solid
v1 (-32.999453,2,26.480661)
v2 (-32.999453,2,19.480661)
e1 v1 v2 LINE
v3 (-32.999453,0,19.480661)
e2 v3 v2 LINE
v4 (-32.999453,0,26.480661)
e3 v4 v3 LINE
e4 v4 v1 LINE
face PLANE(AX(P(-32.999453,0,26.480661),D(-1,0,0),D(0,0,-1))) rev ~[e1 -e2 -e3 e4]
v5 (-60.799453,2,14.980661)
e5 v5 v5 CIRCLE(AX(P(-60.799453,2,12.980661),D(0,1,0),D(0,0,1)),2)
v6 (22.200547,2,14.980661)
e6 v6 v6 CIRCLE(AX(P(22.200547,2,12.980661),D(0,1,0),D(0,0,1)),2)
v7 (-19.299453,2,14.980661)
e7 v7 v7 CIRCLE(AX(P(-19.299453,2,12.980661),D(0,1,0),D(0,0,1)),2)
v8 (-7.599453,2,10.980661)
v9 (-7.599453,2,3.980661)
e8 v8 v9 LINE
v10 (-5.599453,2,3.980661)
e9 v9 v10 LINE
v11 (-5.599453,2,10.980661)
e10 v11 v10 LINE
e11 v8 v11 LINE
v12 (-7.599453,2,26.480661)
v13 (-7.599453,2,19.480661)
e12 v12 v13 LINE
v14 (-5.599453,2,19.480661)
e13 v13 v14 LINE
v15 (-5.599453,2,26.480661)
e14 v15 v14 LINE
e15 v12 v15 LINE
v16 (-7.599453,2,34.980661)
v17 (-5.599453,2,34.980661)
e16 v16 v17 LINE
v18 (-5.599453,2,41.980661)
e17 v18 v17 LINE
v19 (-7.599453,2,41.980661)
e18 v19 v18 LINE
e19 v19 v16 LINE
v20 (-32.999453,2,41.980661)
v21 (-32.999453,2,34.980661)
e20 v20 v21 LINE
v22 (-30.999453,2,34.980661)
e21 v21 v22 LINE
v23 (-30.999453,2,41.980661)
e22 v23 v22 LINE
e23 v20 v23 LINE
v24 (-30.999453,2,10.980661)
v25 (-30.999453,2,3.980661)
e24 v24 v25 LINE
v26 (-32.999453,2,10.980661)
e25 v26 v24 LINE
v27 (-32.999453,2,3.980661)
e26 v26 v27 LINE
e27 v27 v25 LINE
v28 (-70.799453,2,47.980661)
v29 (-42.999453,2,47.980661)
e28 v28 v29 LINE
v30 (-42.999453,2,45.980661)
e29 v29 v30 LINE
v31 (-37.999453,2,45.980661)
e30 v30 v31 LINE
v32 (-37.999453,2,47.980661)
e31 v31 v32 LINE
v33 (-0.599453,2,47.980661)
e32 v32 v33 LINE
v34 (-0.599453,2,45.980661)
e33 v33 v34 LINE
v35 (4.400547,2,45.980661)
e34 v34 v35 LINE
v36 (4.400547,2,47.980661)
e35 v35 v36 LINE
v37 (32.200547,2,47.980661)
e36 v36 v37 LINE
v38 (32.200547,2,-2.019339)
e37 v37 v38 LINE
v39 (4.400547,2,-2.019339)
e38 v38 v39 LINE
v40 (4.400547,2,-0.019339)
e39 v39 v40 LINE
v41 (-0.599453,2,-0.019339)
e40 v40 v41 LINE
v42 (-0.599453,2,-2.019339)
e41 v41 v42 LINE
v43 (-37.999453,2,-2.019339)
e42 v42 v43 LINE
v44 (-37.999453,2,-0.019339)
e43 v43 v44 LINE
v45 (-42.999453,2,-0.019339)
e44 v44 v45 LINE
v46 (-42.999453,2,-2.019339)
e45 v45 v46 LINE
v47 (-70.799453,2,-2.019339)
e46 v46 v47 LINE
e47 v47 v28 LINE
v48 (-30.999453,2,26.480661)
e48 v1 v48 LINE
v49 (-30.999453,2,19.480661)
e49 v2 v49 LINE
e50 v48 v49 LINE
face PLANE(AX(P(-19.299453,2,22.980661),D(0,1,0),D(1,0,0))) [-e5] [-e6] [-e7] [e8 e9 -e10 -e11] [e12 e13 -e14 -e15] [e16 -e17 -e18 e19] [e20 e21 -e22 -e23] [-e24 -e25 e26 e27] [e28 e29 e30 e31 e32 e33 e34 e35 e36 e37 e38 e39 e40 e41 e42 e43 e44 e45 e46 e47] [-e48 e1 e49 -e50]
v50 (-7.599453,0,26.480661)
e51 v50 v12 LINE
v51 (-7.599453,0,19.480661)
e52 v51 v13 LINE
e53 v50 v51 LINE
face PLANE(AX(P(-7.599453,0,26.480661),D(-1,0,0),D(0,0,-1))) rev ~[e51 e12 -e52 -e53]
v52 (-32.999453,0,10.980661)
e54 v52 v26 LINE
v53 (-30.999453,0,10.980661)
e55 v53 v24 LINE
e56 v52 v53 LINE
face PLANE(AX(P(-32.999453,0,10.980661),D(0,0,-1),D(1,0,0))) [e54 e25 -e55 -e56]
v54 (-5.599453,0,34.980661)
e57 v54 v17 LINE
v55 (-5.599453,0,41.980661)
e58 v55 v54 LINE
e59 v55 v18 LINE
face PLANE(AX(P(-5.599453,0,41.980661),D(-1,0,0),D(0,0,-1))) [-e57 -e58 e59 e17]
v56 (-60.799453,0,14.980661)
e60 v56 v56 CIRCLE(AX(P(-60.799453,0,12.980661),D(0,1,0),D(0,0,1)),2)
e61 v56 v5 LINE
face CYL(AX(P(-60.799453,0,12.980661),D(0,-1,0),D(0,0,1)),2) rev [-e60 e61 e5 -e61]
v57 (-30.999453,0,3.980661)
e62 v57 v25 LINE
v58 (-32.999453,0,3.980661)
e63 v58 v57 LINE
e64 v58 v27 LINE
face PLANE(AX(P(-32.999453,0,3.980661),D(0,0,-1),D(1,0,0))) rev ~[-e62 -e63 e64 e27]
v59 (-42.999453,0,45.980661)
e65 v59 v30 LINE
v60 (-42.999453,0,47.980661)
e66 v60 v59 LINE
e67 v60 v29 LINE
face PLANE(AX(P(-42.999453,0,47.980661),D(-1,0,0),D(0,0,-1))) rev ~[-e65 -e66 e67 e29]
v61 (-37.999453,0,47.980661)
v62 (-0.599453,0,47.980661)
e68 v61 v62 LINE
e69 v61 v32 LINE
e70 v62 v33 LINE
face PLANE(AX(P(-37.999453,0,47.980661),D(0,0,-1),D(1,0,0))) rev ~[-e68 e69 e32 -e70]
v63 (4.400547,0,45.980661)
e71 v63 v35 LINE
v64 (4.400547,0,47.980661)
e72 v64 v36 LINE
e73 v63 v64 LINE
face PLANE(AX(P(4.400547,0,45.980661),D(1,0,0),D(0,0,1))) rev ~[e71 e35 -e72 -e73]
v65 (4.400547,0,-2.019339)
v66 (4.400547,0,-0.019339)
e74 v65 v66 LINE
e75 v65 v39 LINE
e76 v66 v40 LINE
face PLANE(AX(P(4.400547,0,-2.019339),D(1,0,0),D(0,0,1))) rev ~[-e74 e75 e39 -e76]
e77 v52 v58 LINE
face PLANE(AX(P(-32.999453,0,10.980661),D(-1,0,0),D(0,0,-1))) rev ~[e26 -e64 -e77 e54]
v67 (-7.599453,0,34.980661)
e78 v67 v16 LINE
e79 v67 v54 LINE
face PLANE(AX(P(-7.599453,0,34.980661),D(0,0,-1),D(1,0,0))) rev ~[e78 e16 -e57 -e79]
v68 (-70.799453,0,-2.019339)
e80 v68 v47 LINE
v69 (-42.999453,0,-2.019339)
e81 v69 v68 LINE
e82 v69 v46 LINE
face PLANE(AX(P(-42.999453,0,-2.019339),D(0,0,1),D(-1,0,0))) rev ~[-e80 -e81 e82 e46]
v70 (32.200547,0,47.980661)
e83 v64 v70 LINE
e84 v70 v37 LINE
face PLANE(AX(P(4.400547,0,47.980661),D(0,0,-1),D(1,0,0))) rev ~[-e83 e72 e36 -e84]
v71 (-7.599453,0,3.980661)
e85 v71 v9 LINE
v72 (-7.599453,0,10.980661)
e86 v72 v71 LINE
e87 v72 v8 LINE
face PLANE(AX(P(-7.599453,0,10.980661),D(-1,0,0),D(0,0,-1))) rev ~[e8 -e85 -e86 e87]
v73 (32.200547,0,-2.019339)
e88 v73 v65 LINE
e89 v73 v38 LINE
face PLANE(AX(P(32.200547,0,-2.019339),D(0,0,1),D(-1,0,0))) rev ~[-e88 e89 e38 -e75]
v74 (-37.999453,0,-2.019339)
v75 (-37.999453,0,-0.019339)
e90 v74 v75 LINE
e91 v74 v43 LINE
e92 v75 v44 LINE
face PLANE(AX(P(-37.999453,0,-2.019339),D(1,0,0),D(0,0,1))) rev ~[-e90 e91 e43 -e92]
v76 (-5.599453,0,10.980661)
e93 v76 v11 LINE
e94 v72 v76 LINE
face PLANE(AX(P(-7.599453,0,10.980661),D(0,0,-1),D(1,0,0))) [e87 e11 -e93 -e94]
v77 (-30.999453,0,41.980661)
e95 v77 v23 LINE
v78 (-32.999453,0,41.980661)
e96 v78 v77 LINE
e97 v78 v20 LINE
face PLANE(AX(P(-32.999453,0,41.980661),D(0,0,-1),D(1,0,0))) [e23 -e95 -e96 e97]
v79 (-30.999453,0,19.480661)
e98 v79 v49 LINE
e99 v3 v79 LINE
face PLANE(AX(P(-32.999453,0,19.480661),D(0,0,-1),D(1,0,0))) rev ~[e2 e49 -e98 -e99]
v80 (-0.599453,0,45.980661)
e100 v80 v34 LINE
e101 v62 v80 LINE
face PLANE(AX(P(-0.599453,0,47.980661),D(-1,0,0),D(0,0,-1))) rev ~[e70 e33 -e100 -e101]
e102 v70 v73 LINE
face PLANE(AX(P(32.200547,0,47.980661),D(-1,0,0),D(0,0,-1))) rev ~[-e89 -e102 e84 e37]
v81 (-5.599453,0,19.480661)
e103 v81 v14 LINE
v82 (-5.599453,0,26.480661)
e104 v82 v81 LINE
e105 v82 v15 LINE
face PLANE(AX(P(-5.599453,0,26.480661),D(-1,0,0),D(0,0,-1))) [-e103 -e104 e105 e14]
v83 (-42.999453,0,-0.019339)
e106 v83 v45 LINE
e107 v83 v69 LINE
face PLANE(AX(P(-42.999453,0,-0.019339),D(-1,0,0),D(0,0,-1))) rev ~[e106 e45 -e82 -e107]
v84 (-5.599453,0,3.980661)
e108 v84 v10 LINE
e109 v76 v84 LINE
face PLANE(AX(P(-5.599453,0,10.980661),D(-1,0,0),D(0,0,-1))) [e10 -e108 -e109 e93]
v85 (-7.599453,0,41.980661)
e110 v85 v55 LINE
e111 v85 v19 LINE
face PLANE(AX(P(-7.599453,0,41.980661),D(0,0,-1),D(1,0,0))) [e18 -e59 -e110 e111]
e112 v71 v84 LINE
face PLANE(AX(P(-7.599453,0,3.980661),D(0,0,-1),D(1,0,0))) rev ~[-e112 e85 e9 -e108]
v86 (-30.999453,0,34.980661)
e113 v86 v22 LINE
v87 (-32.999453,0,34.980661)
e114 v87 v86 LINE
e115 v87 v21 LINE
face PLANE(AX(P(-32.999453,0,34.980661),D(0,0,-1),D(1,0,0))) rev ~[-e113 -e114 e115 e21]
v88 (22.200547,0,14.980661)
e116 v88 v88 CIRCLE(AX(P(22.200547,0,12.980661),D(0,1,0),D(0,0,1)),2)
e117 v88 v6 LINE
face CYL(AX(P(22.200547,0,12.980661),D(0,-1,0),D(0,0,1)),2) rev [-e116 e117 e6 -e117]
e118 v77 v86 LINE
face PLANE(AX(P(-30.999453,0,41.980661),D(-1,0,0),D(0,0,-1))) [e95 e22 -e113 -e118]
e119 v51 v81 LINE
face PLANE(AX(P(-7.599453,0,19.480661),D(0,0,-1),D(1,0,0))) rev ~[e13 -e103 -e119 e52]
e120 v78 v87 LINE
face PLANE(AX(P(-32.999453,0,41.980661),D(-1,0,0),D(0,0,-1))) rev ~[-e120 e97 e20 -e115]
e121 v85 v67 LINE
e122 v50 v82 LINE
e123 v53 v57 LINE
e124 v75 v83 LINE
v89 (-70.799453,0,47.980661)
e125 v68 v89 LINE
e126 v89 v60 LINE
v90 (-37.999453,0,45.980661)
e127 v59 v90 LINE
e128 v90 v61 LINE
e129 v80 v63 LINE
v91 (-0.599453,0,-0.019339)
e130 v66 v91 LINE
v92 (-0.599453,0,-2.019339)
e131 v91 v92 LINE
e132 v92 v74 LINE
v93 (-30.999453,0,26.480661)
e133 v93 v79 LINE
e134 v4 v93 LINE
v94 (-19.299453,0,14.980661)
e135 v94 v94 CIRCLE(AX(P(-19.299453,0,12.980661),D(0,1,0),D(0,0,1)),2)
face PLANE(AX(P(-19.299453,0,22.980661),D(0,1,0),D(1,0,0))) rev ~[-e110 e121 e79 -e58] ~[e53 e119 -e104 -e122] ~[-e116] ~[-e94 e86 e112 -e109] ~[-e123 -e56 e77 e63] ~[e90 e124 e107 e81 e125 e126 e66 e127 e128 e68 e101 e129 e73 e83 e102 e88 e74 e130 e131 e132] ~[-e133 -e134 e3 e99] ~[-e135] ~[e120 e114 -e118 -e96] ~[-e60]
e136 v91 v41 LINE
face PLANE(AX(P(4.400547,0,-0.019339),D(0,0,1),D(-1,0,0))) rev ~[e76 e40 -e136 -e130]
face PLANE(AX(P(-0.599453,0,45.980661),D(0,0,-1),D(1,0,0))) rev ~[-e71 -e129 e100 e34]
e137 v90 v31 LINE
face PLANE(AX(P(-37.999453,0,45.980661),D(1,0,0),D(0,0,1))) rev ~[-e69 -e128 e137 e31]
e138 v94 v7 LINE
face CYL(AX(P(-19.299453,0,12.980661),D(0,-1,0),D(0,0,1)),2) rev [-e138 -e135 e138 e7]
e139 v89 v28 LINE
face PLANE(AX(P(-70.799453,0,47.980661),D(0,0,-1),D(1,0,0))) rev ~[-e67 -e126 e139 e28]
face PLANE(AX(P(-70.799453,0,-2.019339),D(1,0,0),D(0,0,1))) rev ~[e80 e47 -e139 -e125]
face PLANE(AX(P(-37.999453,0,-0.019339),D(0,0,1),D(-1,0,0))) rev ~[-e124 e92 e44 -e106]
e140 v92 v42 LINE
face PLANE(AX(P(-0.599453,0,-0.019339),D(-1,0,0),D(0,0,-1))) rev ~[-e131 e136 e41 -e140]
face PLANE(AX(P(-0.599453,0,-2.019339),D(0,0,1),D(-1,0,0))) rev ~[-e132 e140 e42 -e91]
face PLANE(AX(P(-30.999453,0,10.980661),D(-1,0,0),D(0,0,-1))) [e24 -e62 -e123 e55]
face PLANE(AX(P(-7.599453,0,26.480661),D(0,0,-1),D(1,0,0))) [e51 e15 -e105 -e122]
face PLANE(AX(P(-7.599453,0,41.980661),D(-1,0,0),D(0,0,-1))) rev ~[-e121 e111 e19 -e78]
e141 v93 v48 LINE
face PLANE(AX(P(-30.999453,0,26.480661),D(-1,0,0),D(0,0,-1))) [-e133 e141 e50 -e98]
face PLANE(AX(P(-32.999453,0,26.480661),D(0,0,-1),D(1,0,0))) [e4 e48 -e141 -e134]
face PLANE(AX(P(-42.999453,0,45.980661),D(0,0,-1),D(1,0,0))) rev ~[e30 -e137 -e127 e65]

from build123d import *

# Parameters (mm, degrees)
SKETCH1_W           = 2
SKETCH1_H           = 7
SKETCH1_R           = 2
BOSS_EXTRUDE1_DEPTH = 2


with BuildPart() as part:
    # Sketch1 → Boss-Extrude1 (new body)
    with BuildSketch(Plane(origin=(0, 0, 0), x_dir=(1, 0, 0), z_dir=(0, 1, 0))):
        Polygon((-42.999453113, 2.019339096), (-70.799453113, 2.019339096), (-70.799453113, -47.980660904), (-42.999453113, -47.980660904), (-42.999453113, -45.980660904), (-37.999453113, -45.980660904), (-37.999453113, -47.980660904), (-0.599453113, -47.980660904), (-0.599453113, -45.980660904), (4.400546887, -45.980660904), (4.400546887, -47.980660904), (32.200546887, -47.980660904), (32.200546887, 2.019339096), (4.400546887, 2.019339096), (4.400546887, 0.019339096), (-0.599453113, 0.019339096), (-0.599453113, 2.019339096), (-37.999453113, 2.019339096), (-37.999453113, 0.019339096), (-42.999453113, 0.019339096), align=None)
        with Locations((-31.999453113, -38.480660904)):
            Rectangle(SKETCH1_W, SKETCH1_H, mode=Mode.SUBTRACT)
        with Locations((-6.599453113, -38.480660904)):
            Rectangle(SKETCH1_W, SKETCH1_H, mode=Mode.SUBTRACT)
        with Locations(Location((-60.799453113, -12.980660904, 0), (0, 0, 270))):
            Circle(SKETCH1_R, mode=Mode.SUBTRACT)
        with Locations((-31.999453113, -22.980660904)):
            Rectangle(SKETCH1_W, SKETCH1_H, mode=Mode.SUBTRACT)
        with Locations(Location((-19.299453113, -12.980660904, 0), (0, 0, 270))):
            Circle(SKETCH1_R, mode=Mode.SUBTRACT)
        with Locations((-31.999453113, -7.480660904)):
            Rectangle(SKETCH1_W, SKETCH1_H, mode=Mode.SUBTRACT)
        with Locations((-6.599453113, -22.980660904)):
            Rectangle(SKETCH1_W, SKETCH1_H, mode=Mode.SUBTRACT)
        with Locations(Location((22.200546887, -12.980660904, 0), (0, 0, 270))):
            Circle(SKETCH1_R, mode=Mode.SUBTRACT)
        with Locations((-6.599453113, -7.480660904)):
            Rectangle(SKETCH1_W, SKETCH1_H, mode=Mode.SUBTRACT)
    extrude(amount=BOSS_EXTRUDE1_DEPTH)


solid = part.part
